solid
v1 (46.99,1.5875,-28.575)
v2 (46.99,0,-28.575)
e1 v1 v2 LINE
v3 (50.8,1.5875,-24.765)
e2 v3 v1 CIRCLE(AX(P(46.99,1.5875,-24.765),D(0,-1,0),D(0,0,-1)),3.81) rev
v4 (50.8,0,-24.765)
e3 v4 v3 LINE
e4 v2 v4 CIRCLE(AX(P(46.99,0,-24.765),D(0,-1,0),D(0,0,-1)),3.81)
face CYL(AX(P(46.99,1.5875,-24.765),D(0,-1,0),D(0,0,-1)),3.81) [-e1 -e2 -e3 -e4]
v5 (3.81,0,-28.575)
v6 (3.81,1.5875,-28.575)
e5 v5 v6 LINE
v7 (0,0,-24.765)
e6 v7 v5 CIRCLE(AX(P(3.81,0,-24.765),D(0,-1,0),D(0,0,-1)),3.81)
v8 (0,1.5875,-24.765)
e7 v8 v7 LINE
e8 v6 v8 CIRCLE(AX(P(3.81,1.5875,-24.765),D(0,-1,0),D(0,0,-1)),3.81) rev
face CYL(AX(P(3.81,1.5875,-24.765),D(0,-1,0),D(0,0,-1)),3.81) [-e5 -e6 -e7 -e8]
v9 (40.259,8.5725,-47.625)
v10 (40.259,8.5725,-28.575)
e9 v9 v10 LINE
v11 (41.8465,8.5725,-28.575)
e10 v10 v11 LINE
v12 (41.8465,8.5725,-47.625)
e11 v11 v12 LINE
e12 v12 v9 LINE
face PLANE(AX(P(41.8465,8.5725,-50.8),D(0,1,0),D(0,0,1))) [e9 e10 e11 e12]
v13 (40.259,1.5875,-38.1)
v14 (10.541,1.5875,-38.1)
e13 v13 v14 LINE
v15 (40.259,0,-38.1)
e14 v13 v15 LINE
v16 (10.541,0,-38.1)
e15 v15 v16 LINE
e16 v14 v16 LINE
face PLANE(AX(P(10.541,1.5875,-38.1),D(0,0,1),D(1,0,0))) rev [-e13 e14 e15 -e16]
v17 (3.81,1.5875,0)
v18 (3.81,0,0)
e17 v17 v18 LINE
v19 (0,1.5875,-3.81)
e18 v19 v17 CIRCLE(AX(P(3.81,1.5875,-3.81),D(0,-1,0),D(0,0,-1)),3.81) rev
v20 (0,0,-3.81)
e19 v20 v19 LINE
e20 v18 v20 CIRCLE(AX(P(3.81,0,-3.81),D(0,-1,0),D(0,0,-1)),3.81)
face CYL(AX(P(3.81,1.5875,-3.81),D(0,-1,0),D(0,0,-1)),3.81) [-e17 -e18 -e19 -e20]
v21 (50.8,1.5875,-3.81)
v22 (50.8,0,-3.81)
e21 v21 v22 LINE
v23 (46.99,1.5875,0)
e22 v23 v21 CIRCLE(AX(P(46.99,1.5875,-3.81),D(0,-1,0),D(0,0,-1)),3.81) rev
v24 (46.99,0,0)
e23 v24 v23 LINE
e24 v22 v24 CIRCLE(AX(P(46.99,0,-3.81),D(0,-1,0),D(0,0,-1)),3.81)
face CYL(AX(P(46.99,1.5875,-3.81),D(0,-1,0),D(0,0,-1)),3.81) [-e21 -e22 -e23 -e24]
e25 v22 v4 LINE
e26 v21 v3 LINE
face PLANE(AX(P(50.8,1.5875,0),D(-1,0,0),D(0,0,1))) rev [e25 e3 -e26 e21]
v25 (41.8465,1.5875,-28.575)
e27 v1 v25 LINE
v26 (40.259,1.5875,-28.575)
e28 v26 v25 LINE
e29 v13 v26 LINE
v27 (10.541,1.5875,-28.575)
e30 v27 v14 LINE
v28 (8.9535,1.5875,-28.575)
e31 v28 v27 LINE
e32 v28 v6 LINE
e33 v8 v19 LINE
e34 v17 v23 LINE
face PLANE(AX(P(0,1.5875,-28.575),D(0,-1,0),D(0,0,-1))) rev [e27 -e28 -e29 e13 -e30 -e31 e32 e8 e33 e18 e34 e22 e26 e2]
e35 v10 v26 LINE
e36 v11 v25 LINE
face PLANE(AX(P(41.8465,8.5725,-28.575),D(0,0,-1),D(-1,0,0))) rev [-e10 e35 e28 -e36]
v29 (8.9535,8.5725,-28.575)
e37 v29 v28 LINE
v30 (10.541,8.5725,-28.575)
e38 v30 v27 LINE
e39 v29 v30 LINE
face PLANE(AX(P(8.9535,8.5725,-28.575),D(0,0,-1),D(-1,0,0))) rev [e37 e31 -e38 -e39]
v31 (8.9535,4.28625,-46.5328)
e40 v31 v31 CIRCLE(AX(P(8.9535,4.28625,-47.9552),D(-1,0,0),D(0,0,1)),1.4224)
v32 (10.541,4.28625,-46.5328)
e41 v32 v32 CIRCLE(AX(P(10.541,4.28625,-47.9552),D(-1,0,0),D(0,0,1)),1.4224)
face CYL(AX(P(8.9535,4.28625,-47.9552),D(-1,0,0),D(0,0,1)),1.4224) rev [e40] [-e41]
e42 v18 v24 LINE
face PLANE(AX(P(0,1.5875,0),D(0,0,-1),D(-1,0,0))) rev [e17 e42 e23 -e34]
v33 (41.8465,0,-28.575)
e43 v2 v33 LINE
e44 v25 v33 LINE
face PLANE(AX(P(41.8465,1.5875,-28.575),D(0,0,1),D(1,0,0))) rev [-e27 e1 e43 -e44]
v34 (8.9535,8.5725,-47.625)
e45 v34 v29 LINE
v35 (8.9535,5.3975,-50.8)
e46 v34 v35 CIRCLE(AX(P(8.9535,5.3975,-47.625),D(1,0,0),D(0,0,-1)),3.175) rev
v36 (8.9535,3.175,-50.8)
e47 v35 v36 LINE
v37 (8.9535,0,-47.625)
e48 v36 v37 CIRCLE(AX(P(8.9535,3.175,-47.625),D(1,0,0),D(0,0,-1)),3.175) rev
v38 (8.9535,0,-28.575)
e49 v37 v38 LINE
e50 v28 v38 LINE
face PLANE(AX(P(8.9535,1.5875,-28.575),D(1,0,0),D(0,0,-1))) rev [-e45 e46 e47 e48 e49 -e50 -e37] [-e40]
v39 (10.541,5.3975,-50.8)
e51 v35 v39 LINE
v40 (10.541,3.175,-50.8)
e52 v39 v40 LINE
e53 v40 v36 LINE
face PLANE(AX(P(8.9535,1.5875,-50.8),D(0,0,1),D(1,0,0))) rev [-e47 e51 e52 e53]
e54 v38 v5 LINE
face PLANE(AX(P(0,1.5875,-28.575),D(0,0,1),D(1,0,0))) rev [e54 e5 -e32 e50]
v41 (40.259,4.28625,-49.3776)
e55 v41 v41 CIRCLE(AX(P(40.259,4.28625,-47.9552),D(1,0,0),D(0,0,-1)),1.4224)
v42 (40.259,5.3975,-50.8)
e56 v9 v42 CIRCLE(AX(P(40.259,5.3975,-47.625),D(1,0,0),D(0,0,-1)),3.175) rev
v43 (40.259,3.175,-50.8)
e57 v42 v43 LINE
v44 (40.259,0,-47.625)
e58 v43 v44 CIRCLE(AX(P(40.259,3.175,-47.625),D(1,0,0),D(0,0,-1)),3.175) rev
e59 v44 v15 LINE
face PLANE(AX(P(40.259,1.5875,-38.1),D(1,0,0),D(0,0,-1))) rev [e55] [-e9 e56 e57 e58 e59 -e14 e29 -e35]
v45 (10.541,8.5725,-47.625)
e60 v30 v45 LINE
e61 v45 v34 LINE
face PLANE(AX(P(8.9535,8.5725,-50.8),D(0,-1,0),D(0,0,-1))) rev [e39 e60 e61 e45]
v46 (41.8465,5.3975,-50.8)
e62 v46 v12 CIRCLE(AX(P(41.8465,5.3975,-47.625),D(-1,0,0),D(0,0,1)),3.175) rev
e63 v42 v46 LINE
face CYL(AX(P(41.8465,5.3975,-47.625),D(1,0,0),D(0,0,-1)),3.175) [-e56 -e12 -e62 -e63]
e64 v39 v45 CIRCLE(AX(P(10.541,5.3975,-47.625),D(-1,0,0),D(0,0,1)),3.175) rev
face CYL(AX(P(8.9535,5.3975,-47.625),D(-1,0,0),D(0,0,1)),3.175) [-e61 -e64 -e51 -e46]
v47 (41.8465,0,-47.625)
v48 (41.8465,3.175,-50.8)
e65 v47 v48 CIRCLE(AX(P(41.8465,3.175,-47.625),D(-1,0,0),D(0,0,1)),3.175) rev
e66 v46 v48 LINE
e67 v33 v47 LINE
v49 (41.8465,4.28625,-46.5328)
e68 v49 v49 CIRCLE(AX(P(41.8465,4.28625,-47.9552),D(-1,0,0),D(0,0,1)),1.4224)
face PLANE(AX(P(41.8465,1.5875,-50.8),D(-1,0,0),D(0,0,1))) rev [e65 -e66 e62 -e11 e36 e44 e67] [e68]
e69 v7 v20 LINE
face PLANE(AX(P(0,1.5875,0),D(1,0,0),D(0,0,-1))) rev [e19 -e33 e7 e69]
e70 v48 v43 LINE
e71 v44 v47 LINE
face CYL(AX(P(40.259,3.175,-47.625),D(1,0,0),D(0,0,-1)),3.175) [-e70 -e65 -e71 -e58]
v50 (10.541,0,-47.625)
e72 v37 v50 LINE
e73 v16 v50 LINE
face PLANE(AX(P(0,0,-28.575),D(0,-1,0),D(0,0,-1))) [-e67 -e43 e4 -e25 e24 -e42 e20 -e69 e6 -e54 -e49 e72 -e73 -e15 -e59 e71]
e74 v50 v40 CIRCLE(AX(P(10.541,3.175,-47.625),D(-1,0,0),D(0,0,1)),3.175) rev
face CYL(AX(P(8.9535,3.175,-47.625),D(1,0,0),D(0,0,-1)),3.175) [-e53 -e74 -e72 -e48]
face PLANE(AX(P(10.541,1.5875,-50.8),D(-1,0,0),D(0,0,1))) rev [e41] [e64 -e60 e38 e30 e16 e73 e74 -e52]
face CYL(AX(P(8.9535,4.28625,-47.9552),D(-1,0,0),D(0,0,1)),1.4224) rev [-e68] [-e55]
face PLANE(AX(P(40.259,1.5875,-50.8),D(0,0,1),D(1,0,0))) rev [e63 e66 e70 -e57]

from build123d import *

# Parameters (mm, degrees)
BOSS_EXTRUDE1_DEPTH = 1.5875
SKETCH2_W           = 1.5875
SKETCH2_H           = 22.225
BOSS_EXTRUDE2_DEPTH = 6.985
FILLET1_R           = 3.175
FILLET2_R           = 3.81
HOLE1_D             = 2.8448


with BuildPart() as part:
    # Sketch1 → Boss-Extrude1 (new body)
    with BuildSketch(Plane(origin=(0, 0, 0), x_dir=(1, 0, 0), z_dir=(0, 1, 0))):
        Polygon((8.9535, 28.575), (8.9535, 50.8), (10.541, 50.8), (10.541, 38.1), (40.259, 38.1), (40.259, 50.8), (41.8465, 50.8), (41.8465, 28.575), (50.8, 28.575), (50.8, 0), (0, 0), (0, 28.575), align=None)
    extrude(amount=BOSS_EXTRUDE1_DEPTH)

    # Sketch2 → Boss-Extrude2 (add)
    with BuildSketch(Plane(origin=(0, 1.5875, 0), x_dir=(1, 0, 0), z_dir=(0, 1, 0))):
        with Locations((9.74725, 39.6875)):
            Rectangle(SKETCH2_W, SKETCH2_H)
        with Locations((41.05275, 39.6875)):
            Rectangle(SKETCH2_W, SKETCH2_H)
    extrude(amount=BOSS_EXTRUDE2_DEPTH)

    # Fillet1
    fillet1_edges = [part.edges().sort_by_distance(p)[0] for p in [
        (9.74725, 0, -50.8),
        (41.05275, 0, -50.8),
        (9.74725, 8.5725, -50.8),
        (41.05275, 8.5725, -50.8),
    ]]
    fillet(fillet1_edges, radius=FILLET1_R)

    # Fillet2
    fillet2_edges = [part.edges().sort_by_distance(p)[0] for p in [
        (0, 0.79375, -28.575),
        (50.8, 0.79375, -28.575),
        (50.8, 0.79375, 0),
        (0, 0.79375, 0),
    ]]
    fillet(fillet2_edges, radius=FILLET2_R)

    # Hole1 (through all)
    with Locations(Plane.ZY.offset(-8.9535)):
        with Locations((-47.9552, 4.28625)):
            Hole(HOLE1_D / 2)


solid = part.part
